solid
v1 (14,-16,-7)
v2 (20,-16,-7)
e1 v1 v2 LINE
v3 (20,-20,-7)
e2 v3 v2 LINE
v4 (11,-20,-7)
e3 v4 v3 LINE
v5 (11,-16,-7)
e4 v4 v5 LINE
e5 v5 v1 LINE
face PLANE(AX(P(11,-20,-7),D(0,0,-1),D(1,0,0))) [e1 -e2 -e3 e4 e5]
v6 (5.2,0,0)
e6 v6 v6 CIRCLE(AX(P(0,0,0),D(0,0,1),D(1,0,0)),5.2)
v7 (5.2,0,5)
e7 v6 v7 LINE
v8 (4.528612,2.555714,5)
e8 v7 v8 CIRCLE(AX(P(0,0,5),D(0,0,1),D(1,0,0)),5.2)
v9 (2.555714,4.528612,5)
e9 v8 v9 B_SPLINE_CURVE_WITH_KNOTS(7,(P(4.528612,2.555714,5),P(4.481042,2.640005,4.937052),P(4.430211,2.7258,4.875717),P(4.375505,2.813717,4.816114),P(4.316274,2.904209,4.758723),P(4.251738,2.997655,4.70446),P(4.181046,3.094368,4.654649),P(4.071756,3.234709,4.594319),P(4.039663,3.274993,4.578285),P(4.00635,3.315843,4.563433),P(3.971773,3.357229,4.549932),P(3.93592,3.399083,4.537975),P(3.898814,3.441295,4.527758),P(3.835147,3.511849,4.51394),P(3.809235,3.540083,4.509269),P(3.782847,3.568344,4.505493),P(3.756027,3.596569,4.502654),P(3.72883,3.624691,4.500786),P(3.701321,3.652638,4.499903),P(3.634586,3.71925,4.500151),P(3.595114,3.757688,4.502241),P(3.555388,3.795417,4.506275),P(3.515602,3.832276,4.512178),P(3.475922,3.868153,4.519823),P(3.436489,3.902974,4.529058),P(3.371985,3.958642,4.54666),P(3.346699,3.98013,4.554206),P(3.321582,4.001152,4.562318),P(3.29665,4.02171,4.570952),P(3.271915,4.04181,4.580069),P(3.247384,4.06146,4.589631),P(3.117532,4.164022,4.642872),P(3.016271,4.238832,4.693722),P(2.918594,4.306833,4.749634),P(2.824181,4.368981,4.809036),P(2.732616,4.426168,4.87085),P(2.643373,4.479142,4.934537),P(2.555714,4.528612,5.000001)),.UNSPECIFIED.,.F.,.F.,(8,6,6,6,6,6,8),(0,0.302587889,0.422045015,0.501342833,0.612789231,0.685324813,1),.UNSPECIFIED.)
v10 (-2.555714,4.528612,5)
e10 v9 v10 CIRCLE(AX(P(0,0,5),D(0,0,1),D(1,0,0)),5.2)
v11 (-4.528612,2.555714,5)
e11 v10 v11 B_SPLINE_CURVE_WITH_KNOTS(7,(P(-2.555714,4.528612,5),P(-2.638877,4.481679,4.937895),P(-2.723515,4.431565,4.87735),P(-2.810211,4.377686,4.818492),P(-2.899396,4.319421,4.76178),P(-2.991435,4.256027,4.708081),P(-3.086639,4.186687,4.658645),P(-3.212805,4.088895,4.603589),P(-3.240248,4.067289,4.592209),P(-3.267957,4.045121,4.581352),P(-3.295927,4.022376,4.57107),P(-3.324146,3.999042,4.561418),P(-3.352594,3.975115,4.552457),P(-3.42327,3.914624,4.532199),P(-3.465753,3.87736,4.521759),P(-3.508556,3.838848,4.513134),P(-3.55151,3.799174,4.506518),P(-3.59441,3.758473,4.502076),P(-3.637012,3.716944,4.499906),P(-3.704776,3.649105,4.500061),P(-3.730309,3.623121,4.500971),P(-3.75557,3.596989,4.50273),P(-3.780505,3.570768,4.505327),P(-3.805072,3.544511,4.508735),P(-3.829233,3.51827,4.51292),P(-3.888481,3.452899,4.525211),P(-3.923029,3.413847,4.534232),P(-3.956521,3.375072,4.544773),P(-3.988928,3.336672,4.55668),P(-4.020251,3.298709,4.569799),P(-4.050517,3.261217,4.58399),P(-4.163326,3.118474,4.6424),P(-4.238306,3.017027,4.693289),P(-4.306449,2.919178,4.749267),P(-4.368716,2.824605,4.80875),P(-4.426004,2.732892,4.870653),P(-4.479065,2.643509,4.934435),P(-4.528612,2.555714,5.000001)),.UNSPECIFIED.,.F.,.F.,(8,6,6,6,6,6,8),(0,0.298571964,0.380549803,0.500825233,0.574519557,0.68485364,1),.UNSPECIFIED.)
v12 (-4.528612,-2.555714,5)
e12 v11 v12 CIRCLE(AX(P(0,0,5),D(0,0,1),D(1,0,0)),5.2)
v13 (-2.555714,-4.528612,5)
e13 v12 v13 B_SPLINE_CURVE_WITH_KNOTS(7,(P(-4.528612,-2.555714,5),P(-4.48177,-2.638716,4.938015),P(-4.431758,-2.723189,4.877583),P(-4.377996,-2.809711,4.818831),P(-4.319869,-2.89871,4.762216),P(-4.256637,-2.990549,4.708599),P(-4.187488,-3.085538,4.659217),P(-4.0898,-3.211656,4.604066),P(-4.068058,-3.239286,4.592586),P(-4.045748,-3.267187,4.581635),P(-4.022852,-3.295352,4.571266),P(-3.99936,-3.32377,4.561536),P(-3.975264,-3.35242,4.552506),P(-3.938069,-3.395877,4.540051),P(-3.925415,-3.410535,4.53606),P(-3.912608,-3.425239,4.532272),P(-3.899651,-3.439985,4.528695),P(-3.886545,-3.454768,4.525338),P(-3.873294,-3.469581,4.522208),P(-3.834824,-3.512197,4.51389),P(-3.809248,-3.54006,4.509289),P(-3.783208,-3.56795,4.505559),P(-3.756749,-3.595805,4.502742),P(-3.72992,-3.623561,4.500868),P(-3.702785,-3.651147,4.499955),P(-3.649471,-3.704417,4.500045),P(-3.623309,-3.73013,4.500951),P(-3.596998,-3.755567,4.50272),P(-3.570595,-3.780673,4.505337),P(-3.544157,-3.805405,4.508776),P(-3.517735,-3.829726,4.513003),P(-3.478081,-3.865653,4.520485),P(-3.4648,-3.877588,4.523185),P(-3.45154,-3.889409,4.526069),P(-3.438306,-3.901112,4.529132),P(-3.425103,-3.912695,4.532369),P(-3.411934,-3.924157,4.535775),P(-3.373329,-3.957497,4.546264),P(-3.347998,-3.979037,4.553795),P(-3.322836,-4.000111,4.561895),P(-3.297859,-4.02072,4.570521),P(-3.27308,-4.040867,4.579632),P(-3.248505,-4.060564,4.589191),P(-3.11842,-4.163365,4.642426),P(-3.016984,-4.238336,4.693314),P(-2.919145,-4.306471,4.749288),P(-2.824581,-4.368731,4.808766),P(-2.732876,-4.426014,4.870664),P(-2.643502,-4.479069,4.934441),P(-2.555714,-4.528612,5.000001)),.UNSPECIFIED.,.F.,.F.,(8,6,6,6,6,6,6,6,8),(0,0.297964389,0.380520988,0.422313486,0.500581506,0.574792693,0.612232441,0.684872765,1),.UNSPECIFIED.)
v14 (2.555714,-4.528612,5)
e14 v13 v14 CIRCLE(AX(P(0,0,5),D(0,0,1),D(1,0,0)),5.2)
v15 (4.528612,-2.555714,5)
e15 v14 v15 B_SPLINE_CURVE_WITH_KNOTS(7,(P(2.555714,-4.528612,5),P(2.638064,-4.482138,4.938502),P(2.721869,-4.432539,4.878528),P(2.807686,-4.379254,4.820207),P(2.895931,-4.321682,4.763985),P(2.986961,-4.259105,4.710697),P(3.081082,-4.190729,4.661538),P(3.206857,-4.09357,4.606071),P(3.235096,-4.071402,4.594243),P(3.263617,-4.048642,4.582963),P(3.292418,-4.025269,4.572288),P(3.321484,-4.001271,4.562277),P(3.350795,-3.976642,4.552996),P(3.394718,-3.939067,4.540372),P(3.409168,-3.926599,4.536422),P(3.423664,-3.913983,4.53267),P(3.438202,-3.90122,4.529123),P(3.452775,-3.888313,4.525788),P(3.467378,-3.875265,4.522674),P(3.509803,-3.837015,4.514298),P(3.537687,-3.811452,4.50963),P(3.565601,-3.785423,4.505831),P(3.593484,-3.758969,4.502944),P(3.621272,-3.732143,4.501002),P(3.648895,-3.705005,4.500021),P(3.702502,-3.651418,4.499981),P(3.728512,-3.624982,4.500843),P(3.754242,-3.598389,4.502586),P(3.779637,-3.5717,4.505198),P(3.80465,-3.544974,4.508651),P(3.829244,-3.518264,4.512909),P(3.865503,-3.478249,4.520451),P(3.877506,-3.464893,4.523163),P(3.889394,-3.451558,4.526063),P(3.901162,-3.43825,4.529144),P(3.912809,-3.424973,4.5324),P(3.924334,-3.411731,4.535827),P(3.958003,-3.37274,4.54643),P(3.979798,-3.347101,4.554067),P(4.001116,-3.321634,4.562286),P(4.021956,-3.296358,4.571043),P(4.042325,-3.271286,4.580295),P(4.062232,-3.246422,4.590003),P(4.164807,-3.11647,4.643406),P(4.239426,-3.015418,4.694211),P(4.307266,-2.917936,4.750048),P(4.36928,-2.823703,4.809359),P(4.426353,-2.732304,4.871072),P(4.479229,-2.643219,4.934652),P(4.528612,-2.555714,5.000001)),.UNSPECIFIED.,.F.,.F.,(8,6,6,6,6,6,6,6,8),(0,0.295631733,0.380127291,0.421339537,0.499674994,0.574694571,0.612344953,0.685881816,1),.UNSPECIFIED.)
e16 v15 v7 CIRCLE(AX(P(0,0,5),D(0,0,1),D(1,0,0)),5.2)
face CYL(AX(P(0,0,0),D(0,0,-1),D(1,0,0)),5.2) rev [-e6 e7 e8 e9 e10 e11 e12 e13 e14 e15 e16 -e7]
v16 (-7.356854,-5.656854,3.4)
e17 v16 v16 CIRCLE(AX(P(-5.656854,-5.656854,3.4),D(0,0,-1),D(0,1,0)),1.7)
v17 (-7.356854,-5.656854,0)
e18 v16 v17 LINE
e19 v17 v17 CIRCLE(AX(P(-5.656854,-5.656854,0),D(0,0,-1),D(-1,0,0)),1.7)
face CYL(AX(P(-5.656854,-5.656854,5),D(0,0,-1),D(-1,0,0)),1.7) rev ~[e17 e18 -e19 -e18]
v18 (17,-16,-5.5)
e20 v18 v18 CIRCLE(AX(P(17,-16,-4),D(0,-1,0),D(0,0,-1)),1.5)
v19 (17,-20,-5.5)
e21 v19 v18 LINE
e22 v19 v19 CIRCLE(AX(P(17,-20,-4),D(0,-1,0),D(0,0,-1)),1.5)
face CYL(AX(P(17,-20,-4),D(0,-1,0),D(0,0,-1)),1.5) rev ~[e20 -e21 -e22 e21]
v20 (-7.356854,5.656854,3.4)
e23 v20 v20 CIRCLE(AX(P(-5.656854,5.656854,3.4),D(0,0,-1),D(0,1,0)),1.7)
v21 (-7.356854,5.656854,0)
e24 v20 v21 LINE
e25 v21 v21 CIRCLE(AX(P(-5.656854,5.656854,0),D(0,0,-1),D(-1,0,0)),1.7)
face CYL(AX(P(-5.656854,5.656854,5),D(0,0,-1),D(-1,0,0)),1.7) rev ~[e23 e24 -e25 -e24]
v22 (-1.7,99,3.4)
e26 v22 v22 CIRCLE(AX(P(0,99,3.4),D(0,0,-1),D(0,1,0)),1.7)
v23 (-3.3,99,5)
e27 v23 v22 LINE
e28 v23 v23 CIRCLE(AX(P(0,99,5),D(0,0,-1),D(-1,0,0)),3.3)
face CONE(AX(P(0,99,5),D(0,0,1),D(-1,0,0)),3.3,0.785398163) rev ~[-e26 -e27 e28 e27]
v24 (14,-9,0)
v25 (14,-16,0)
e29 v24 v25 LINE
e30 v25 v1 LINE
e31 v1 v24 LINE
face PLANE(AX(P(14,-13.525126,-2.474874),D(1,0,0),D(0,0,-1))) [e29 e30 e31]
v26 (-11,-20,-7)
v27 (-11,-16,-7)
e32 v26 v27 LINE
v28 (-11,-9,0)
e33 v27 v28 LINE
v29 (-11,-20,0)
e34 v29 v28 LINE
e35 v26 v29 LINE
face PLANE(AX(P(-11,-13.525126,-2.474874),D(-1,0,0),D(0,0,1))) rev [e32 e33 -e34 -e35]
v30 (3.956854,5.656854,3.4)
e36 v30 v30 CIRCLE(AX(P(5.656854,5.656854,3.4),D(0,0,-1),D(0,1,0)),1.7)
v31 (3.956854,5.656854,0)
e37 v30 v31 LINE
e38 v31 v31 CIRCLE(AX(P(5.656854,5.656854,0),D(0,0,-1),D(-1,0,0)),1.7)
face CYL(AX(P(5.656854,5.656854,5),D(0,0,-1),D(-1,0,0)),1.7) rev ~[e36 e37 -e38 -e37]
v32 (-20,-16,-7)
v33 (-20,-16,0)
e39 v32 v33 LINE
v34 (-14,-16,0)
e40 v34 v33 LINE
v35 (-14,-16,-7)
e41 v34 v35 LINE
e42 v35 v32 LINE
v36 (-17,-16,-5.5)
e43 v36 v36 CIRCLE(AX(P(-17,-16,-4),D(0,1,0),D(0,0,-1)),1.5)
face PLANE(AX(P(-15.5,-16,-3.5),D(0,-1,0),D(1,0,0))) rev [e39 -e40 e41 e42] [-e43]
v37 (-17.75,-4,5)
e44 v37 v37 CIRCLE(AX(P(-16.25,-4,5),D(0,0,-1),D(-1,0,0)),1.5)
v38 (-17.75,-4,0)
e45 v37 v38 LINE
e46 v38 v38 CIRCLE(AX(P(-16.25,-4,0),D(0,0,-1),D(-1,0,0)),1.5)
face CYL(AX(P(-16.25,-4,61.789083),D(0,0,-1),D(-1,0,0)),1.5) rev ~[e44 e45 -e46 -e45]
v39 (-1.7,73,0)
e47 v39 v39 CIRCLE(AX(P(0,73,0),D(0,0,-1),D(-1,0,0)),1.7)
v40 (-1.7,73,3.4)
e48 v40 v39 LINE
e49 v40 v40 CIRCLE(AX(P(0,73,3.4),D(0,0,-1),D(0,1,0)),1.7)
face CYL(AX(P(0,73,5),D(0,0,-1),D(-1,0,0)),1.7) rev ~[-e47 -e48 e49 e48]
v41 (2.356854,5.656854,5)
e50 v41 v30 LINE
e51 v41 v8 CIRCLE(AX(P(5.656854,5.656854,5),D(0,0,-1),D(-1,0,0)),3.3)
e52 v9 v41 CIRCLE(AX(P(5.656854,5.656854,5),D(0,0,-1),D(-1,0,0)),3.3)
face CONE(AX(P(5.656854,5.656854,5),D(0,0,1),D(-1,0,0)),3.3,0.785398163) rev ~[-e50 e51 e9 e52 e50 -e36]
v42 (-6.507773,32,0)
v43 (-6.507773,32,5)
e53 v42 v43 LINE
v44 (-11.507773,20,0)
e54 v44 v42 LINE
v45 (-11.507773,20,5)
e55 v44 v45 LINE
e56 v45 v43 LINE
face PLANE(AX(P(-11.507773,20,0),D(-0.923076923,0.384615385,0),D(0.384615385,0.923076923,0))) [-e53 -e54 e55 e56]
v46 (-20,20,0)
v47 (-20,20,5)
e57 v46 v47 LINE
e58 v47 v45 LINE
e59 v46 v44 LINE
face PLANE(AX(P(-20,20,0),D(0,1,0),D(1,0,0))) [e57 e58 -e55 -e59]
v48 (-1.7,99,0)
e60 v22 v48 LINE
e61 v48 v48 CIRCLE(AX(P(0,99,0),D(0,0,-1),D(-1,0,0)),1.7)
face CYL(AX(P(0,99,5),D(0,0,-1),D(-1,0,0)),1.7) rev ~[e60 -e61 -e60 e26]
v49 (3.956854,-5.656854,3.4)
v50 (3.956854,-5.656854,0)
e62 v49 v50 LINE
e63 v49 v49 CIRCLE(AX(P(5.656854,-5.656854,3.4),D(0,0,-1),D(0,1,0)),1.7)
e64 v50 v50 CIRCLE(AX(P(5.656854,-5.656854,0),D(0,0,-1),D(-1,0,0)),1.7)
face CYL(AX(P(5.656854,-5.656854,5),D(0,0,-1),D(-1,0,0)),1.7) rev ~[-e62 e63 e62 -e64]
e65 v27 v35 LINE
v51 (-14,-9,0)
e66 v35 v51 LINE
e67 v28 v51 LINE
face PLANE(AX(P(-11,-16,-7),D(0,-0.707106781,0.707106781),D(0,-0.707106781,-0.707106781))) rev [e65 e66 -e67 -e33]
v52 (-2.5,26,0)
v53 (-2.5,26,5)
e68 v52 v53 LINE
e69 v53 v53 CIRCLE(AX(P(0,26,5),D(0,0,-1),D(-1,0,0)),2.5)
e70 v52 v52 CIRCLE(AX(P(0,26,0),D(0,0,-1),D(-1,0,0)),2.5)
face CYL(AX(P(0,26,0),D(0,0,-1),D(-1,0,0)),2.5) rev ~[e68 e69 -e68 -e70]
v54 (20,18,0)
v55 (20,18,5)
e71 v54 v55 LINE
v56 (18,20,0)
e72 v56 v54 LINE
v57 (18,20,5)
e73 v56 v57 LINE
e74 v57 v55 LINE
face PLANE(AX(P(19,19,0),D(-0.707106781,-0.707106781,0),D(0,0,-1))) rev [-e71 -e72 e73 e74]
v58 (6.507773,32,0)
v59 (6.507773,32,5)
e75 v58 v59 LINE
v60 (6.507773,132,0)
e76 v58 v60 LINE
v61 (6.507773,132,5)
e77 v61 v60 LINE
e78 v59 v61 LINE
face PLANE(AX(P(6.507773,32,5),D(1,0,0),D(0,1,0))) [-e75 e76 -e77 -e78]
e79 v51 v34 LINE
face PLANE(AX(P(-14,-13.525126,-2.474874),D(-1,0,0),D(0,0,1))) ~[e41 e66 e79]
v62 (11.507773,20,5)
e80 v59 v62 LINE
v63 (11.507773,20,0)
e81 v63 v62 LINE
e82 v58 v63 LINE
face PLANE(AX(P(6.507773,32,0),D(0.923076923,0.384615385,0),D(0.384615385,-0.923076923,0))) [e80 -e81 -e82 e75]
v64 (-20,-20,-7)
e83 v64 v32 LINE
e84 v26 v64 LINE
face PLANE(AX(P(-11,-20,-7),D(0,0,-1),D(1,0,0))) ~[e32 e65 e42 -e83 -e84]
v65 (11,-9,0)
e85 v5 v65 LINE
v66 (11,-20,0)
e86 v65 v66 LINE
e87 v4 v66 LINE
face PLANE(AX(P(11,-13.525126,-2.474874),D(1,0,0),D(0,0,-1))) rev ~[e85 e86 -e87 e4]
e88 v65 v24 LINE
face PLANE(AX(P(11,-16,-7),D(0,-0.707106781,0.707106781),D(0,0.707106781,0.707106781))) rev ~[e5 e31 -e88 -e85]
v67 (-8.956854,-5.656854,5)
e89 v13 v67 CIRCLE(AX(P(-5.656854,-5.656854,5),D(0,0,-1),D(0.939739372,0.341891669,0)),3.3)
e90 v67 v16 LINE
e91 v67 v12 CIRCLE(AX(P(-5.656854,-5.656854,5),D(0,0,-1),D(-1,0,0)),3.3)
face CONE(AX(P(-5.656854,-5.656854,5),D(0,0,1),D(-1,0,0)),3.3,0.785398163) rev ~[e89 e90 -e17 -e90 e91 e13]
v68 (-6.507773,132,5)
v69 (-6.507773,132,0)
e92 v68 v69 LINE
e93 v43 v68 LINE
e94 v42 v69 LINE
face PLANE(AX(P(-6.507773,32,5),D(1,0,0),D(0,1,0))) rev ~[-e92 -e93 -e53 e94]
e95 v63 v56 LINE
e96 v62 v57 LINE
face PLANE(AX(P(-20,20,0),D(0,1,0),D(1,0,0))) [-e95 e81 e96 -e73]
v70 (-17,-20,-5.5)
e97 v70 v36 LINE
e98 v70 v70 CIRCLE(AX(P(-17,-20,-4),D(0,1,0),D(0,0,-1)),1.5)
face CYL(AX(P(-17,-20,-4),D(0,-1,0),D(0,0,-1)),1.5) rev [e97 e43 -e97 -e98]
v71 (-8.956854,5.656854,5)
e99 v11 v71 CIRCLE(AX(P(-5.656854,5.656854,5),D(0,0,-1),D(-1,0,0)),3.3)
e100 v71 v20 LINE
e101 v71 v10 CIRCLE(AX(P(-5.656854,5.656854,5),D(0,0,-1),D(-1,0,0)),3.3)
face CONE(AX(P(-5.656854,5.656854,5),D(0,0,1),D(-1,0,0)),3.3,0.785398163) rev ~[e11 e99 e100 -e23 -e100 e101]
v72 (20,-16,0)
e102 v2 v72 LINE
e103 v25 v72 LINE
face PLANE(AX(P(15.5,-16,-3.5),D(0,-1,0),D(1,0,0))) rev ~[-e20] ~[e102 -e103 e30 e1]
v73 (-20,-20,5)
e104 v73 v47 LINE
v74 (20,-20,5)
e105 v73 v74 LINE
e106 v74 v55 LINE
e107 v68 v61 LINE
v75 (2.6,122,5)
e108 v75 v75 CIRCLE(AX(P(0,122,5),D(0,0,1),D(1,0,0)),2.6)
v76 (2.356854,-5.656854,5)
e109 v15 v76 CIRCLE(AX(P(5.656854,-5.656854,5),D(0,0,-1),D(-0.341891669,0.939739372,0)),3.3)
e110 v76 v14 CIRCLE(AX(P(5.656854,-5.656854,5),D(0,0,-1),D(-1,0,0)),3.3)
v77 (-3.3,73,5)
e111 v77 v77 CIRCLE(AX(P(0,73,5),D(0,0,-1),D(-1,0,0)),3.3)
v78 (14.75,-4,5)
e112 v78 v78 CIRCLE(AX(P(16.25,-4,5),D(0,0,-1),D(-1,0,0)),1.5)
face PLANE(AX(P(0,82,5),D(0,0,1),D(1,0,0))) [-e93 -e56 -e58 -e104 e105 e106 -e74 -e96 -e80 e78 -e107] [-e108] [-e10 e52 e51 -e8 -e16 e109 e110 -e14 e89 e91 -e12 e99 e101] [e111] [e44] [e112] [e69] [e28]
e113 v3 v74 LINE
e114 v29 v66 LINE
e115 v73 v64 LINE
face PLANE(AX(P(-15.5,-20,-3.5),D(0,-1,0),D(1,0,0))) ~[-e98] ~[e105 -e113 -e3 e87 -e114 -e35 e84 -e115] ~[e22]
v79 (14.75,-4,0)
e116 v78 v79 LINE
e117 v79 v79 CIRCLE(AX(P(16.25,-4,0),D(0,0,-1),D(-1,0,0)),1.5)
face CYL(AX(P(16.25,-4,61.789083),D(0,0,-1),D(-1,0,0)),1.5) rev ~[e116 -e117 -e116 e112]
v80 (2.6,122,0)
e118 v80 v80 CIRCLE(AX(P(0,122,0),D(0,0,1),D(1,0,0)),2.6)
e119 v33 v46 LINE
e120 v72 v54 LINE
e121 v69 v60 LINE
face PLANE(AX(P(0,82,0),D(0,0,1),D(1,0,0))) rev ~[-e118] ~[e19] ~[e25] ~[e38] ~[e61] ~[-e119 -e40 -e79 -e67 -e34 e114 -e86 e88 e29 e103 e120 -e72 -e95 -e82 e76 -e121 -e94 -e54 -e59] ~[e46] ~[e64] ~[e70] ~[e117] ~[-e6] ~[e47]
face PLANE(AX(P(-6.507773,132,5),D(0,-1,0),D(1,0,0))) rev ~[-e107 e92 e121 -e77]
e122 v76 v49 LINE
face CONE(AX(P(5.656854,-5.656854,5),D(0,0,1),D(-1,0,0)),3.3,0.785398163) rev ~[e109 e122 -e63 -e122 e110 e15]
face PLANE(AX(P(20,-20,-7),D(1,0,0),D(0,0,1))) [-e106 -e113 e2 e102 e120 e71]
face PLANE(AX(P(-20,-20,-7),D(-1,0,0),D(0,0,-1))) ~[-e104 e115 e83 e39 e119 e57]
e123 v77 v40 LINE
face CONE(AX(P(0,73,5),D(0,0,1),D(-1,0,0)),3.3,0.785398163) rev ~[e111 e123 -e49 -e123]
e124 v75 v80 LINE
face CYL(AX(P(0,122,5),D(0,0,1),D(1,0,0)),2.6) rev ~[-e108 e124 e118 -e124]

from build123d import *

# Parameters (mm, degrees)
SKETCH_1_W                   = 40
SKETCH_1_H                   = 40
SKETCH_1_R                   = 5.2
SKETCH_1_R_2                 = 1.6
EXTRUDE_1_DEPTH              = 5
HOLE_WIZARD_1_D              = 3
CHAMFER_1_SIZE               = 2
HOLE_WIZARD_M3_2_D           = 3.4
HOLE_WIZARD_M3_2_CSINK_D     = 6.6
HOLE_WIZARD_M3_2_CSINK_ANGLE = 90
SKETCH_7_R                   = 2.5
EXTRUDE_2_DEPTH              = 5
SKETCH_10_W                  = 9
SKETCH_10_H                  = 7
SKETCH_10_R                  = 1.5
EXTRUDE_4_DEPTH              = 4
EXTRUDE_6_DEPTH              = 3
SKETCH_13_W                  = 13.015545452
SKETCH_13_H                  = 100
SKETCH_13_R                  = 2.6
SKETCH_13_R_2                = 1.5
EXTRUDE_7_DEPTH              = 5
HOLE_WIZARD_M3_3_D           = 3.4
HOLE_WIZARD_M3_3_CSINK_D     = 6.6
HOLE_WIZARD_M3_3_CSINK_ANGLE = 90


with BuildPart() as part:
    # 草图1 → 凸台-拉伸1 (new body)
    with BuildSketch(Plane.XY):
        Rectangle(SKETCH_1_W, SKETCH_1_H)
        Circle(SKETCH_1_R, mode=Mode.SUBTRACT)
        with Locations((5.656854249, 5.656854249)):
            Circle(SKETCH_1_R_2, mode=Mode.SUBTRACT)
        with Locations((5.656854249, -5.656854249)):
            Circle(SKETCH_1_R_2, mode=Mode.SUBTRACT)
        with Locations((-5.656854249, -5.656854249)):
            Circle(SKETCH_1_R_2, mode=Mode.SUBTRACT)
        with Locations((-5.656854249, 5.656854249)):
            Circle(SKETCH_1_R_2, mode=Mode.SUBTRACT)
    extrude(amount=EXTRUDE_1_DEPTH)

    # 孔1 (through all)
    with Locations(Plane(origin=(16.25, -4, 5), x_dir=(1, 0, 0), z_dir=(0, 0, 1))):
        with Locations((0, 0), (-32.5, 0)):
            Hole(HOLE_WIZARD_1_D / 2)

    # 倒角1
    chamfer_1_edges = [part.edges().sort_by_distance(p)[0] for p in [
        (20, 20, 2.5),
    ]]
    chamfer(chamfer_1_edges, length=CHAMFER_1_SIZE)

    # M3 十字槽沉头木螺钉的锥形沉头孔2 (through all)
    with Locations(Plane.XY.offset(5)):
        with Locations((-5.656854249, 5.656854249), (5.656854249, 5.656854249), (5.656854249, -5.656854249), (-5.656854249, -5.656854249)):
            CounterSinkHole(HOLE_WIZARD_M3_2_D / 2, HOLE_WIZARD_M3_2_CSINK_D / 2, counter_sink_angle=HOLE_WIZARD_M3_2_CSINK_ANGLE)

    # 草图7 → 凸台-拉伸2 (add)
    with BuildSketch(Plane(origin=(0, 0, 0), x_dir=(-1, 0, 0), z_dir=(0, 0, -1))):
        Polygon((-11.507772726, 20), (-6.507772726, 20), (6.507772726, 20), (11.507772726, 20), (6.507772726, 32), (-6.507772726, 32), align=None)
        with Locations((0, 26)):
            Circle(SKETCH_7_R, mode=Mode.SUBTRACT)
    extrude(amount=-EXTRUDE_2_DEPTH)

    # 草图10 → 凸台-拉伸4 (add)
    with BuildSketch(Plane.XZ.offset(20)):
        with Locations((15.5, -3.5)):
            Rectangle(SKETCH_10_W, SKETCH_10_H)
        with Locations(Location((17, -4, 0), (0, 0, 270))):
            Circle(SKETCH_10_R, mode=Mode.SUBTRACT)
    extrude_4 = extrude(amount=-EXTRUDE_4_DEPTH)

    # 草图12 → 凸台-拉伸6 (add)
    with BuildSketch(Plane.ZY.offset(-11)):
        Polygon((-7, -16), (0, -9), (0, -16), align=None)
    extrude_6 = extrude(amount=-EXTRUDE_6_DEPTH)

    # 镜向2: 凸台-拉伸4, 凸台-拉伸6 across plane
    add(extrude_4.mirror(Plane(origin=(0, 0, 0), x_dir=(0, 0, 1), z_dir=(1, 0, 0))))
    add(extrude_6.mirror(Plane(origin=(0, 0, 0), x_dir=(0, 0, 1), z_dir=(1, 0, 0))))

    # 草图13 → 凸台-拉伸7 (add)
    with BuildSketch(Plane.XY.offset(5)):
        with Locations((0, 82)):
            Rectangle(SKETCH_13_W, SKETCH_13_H)
        with Locations((0, 122)):
            Circle(SKETCH_13_R, mode=Mode.SUBTRACT)
        with Locations((0, 99)):
            Circle(SKETCH_13_R_2, mode=Mode.SUBTRACT)
        with Locations((0, 73)):
            Circle(SKETCH_13_R_2, mode=Mode.SUBTRACT)
    extrude(amount=-EXTRUDE_7_DEPTH)

    # M3 十字槽沉头木螺钉的锥形沉头孔3 (through all)
    with Locations(Plane.XY.offset(5)):
        with Locations((0, 99), (0, 73)):
            CounterSinkHole(HOLE_WIZARD_M3_3_D / 2, HOLE_WIZARD_M3_3_CSINK_D / 2, counter_sink_angle=HOLE_WIZARD_M3_3_CSINK_ANGLE)


solid = part.part
